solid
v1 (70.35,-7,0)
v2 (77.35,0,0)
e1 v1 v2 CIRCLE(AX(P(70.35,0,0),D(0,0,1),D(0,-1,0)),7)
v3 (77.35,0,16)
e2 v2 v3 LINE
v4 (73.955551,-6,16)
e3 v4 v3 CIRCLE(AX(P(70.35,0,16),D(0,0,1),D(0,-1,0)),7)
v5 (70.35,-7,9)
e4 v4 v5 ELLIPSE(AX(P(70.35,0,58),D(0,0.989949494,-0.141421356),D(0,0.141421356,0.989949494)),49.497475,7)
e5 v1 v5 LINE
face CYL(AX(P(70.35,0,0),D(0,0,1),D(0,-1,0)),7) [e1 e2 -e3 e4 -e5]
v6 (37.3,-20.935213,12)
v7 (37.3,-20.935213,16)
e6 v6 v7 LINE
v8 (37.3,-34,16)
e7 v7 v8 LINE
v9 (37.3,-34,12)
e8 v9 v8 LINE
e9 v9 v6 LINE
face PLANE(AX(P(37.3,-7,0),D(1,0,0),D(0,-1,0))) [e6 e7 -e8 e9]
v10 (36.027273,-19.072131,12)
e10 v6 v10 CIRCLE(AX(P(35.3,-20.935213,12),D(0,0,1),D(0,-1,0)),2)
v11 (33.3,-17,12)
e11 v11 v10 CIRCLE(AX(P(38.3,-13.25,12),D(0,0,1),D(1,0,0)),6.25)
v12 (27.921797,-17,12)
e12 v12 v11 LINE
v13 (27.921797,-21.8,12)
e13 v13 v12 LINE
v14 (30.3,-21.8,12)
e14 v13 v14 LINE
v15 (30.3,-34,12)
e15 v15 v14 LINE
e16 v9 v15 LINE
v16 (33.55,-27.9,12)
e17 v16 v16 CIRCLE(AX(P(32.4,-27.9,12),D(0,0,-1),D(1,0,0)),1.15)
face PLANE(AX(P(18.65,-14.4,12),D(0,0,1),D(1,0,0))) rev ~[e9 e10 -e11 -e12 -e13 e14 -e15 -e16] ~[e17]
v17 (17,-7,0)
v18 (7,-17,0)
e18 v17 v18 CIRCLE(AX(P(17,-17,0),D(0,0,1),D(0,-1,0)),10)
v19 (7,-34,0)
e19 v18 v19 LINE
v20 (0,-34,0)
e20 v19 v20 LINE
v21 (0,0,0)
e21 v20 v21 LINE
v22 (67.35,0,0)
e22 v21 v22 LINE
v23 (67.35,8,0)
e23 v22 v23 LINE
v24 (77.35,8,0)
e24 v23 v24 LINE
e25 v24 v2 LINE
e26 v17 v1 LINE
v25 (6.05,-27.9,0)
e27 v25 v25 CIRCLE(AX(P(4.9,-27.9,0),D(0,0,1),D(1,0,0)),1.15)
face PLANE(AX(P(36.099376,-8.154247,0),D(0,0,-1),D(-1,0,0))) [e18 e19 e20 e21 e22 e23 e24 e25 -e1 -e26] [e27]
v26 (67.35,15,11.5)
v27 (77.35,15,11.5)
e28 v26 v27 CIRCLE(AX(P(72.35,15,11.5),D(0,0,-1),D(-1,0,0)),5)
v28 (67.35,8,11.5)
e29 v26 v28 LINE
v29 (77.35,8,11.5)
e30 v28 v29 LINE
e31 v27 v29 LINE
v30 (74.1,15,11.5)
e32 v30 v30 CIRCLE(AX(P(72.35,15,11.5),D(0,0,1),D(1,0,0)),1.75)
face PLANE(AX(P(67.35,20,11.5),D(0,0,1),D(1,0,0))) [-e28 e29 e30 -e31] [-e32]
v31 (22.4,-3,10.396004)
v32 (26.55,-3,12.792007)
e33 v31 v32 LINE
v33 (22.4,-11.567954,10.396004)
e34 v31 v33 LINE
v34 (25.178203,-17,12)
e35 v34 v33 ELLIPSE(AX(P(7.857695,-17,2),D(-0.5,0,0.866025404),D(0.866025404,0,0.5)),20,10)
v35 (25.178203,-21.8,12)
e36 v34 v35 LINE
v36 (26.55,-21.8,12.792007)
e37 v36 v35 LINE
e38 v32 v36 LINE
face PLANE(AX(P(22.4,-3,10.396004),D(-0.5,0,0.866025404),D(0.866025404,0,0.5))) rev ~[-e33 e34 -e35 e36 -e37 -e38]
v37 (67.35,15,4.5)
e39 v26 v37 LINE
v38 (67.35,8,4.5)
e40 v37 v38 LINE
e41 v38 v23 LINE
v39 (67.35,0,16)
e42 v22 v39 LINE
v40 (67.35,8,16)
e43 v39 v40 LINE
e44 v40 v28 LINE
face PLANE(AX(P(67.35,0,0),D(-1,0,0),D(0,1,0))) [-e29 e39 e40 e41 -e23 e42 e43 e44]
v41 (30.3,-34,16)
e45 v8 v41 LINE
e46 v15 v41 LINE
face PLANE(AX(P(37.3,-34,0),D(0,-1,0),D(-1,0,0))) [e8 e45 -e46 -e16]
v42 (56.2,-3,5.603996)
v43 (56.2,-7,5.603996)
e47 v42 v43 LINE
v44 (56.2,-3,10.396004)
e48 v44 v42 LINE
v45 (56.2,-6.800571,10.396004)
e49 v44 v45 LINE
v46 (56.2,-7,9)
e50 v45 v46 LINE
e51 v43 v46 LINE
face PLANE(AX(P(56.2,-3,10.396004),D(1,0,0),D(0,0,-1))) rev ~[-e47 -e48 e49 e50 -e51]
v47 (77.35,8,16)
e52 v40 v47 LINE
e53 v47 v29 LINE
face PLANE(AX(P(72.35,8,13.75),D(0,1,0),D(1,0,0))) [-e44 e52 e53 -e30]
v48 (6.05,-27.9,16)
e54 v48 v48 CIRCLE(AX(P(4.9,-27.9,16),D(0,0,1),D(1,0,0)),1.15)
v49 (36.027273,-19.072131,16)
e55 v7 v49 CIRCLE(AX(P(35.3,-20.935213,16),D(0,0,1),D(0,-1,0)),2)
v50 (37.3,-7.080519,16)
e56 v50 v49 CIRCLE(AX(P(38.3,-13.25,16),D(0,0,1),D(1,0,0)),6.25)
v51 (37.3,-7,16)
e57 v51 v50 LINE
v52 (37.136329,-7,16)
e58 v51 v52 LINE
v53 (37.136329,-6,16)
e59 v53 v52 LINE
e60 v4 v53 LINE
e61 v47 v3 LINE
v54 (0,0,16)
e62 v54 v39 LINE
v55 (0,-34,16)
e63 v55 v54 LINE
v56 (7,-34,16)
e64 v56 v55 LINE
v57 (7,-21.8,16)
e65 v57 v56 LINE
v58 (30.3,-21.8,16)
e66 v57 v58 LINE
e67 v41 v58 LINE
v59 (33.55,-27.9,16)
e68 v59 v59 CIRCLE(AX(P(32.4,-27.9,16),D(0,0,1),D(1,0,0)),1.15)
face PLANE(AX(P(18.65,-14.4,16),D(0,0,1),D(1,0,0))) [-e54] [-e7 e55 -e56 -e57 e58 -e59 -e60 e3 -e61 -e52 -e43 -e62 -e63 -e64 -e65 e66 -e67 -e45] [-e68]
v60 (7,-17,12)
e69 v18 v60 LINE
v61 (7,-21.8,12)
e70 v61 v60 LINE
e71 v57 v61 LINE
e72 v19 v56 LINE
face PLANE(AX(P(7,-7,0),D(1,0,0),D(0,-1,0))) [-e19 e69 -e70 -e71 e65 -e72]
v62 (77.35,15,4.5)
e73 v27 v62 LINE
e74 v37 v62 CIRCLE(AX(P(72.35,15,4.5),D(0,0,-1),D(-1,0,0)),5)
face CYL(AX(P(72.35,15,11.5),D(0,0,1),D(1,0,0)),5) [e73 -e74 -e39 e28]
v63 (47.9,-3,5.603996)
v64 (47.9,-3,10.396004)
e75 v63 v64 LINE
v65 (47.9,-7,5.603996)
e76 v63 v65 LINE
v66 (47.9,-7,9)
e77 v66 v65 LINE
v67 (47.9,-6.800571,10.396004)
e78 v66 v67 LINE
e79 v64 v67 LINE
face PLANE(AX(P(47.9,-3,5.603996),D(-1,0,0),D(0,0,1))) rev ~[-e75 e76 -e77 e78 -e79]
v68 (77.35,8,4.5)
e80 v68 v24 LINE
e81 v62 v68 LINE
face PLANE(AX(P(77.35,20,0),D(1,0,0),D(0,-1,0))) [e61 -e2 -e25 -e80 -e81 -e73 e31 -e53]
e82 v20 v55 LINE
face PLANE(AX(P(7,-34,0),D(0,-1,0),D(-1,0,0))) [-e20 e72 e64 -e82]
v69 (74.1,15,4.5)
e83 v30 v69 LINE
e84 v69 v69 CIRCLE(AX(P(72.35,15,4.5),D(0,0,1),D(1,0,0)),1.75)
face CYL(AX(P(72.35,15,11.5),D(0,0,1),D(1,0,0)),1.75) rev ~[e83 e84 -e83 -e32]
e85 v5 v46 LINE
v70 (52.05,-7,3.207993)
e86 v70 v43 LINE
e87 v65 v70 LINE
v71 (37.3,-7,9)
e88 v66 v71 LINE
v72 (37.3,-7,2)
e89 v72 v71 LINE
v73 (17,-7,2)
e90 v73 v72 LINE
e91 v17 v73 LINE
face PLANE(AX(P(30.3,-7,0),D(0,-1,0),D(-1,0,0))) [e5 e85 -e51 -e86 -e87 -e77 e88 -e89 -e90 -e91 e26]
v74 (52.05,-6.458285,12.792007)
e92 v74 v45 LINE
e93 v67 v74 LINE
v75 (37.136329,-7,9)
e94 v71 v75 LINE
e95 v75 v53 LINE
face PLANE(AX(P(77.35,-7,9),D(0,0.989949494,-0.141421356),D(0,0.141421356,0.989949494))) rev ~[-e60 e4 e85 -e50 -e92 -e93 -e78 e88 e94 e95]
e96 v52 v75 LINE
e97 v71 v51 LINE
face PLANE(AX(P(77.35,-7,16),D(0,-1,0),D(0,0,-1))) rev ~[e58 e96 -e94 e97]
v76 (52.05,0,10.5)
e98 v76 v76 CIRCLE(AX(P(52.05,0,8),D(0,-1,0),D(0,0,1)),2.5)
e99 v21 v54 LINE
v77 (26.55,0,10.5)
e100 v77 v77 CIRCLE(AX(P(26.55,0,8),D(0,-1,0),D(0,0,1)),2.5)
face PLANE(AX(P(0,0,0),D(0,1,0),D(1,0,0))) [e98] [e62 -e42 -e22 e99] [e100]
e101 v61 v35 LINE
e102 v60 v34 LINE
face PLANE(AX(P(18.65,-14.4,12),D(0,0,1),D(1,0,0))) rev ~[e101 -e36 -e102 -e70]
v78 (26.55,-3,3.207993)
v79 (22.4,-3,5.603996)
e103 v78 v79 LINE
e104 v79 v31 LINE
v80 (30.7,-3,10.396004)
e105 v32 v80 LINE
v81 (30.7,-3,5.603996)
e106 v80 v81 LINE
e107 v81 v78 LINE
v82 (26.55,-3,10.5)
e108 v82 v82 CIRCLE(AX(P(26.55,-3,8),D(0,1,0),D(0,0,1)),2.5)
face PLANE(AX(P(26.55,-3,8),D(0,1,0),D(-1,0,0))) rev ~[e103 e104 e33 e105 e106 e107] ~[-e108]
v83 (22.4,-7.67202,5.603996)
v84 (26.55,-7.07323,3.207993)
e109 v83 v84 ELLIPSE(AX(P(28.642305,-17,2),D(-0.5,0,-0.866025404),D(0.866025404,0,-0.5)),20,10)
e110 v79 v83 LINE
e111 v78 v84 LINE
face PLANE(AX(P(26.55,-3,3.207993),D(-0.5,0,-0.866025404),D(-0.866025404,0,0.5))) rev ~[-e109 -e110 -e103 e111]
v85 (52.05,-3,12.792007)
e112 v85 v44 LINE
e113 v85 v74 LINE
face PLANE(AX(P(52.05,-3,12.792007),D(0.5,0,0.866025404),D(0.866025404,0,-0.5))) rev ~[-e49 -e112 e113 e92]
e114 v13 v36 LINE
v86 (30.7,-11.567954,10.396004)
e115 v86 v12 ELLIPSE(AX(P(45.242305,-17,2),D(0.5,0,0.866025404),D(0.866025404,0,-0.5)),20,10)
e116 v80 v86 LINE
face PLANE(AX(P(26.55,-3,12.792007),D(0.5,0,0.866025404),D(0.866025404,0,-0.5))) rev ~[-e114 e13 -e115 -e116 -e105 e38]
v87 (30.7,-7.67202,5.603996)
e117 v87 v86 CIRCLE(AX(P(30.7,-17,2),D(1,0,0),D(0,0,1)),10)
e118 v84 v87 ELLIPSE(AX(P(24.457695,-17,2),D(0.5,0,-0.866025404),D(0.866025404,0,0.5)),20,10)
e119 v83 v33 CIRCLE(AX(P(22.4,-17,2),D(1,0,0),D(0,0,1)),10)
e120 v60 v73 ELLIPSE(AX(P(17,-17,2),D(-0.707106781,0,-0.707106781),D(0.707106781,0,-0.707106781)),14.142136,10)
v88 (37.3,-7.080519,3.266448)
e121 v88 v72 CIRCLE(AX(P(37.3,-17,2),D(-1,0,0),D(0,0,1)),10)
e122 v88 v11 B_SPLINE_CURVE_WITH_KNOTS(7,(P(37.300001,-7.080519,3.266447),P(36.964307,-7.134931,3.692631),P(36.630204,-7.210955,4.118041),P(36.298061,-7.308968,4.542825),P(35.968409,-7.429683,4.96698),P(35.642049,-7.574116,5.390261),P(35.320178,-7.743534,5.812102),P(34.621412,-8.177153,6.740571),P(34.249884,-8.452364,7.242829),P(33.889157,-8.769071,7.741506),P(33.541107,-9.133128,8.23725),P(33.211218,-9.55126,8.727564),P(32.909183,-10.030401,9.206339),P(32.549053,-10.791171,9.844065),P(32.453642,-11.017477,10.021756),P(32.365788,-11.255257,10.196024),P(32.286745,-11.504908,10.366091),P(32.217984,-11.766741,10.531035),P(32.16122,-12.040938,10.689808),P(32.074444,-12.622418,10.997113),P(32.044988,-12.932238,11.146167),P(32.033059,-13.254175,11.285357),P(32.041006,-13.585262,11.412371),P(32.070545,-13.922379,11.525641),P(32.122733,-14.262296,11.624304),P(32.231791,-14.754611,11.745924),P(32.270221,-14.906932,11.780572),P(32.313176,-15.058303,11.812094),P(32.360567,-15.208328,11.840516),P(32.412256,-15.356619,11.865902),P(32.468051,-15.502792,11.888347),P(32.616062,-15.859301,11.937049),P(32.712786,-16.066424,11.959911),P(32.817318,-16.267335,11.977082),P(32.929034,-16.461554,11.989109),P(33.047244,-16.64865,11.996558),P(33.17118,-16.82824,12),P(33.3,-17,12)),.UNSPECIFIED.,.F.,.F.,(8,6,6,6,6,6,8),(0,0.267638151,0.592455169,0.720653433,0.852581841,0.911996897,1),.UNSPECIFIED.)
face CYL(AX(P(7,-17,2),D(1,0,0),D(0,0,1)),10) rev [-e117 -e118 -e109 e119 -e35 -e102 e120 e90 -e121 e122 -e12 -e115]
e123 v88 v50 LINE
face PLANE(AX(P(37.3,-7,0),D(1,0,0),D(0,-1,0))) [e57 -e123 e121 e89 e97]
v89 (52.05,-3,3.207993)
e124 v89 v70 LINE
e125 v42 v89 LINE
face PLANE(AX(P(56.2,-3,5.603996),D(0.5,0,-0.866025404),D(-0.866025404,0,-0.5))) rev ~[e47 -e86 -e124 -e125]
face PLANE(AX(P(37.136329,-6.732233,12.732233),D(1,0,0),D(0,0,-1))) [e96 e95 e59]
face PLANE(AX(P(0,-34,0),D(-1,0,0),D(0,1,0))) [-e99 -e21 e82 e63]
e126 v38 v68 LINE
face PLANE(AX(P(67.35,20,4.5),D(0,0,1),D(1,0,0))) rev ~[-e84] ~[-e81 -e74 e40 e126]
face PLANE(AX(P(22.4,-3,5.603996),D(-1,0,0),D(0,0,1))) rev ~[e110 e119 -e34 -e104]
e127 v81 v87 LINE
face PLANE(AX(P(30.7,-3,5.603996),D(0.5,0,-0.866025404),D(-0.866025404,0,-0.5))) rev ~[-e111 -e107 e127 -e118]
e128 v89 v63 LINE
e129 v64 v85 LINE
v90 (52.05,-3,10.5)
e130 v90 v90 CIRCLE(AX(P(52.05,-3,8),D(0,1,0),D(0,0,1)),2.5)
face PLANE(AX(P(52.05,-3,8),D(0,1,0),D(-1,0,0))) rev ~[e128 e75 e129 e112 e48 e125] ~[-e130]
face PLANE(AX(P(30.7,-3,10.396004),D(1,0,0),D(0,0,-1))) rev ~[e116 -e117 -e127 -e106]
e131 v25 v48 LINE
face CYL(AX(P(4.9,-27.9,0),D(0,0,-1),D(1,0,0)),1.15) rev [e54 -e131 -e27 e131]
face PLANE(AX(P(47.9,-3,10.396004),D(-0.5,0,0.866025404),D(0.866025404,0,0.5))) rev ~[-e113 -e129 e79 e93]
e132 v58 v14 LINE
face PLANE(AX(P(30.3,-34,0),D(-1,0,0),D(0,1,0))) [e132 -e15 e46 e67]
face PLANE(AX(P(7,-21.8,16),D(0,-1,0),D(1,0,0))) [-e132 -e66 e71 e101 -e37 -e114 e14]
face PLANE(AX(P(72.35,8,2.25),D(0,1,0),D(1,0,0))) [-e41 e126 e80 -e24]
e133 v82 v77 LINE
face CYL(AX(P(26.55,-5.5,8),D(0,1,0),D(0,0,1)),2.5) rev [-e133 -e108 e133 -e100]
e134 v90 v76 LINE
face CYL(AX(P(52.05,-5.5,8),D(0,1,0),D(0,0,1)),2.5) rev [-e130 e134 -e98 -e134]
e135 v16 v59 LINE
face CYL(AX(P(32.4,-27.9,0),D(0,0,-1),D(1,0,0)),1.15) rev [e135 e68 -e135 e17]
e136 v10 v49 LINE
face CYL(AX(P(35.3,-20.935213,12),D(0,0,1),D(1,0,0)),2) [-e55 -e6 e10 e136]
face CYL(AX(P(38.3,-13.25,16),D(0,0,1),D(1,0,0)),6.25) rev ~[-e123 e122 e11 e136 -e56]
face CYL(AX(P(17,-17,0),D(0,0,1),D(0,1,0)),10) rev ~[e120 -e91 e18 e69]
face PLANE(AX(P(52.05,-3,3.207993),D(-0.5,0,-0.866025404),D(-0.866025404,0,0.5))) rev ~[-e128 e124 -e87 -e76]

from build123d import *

# Parameters (mm, degrees)
ESQUISSE1_R                = 1.15
BOSS_EXTRU_1_DEPTH         = 16
ESQUISSE5_W                = 10
ESQUISSE5_H                = 4.5
ENL_V_MAT_EXTRU_3_DEPTH    = 12
ESQUISSE6_R                = 1.75
ENL_V_MAT_EXTRU_4_DEPTH    = 86.271756755
ESQUISSE12_W               = 7
ESQUISSE12_H               = 12
ENL_V_MAT_EXTRU_7_DEPTH    = 27
ESQUISSE14_W               = 23.3
ESQUISSE14_H               = 14.8
BOSS_EXTRU_2_DEPTH         = 4
CONG_1_R                   = 10
ESQUISSE15_R               = 6.25
ENL_V_MAT_EXTRU_8_DEPTH    = 18
CONG_2_R                   = 2
CONG_3_R                   = 7
R_P_TITION_LIN_AIRE1_COUNT = 2
R_P_TITION_LIN_AIRE1_PITCH = 25.5
ENL_V_MAT_EXTRU_9_DEPTH    = 40.213671452
ENL_V_START                = -4
ENL_V_MAT_EXTRU_10_DEPTH   = 88.47468181
R_P_TITION_LIN_AIRE2_COUNT = 2
R_P_TITION_LIN_AIRE2_PITCH = 25.5


with BuildPart() as part:
    # Esquisse1 → Boss.-Extru.1 (new body)
    with BuildSketch(Plane.XY):
        Polygon((0, 0), (67.35, 0), (67.35, 20), (77.35, 20), (77.35, -7), (37.3, -7), (37.3, -34), (30.3, -34), (30.3, -7), (7, -7), (7, -34), (0, -34), align=None)
        with Locations((4.9, -27.9)):
            Circle(ESQUISSE1_R, mode=Mode.SUBTRACT)
        with Locations((32.4, -27.9)):
            Circle(ESQUISSE1_R, mode=Mode.SUBTRACT)
    extrude(amount=BOSS_EXTRU_1_DEPTH)

    # Esquisse5 → Enlèv. mat.-Extru.3 (cut)
    with BuildSketch(Plane(origin=(0, 20, 0), x_dir=(1, 0, 0), z_dir=(0, 1, 0))):
        with Locations((72.35, -2.25)):
            Rectangle(ESQUISSE5_W, ESQUISSE5_H)
        with Locations((72.35, -13.75)):
            Rectangle(ESQUISSE5_W, ESQUISSE5_H)
    extrude(amount=-ENL_V_MAT_EXTRU_3_DEPTH, mode=Mode.SUBTRACT)

    # Esquisse6 → Enlèv. mat.-Extru.4 (cut, through all)
    with BuildSketch(Plane.XY.offset(11.5)):
        with Locations((72.35, 15)):
            Circle(ESQUISSE6_R)
        with BuildLine():
            Line((67.35, 15), (65.349467458, 15))
            Line((65.349467458, 15), (65.349467458, 22.000532542))
            Line((65.349467458, 22.000532542), (79.350532542, 22.000532542))
            Line((79.350532542, 22.000532542), (79.350532542, 15))
            Line((79.350532542, 15), (77.35, 15))
            ThreePointArc((77.35, 15), (72.35, 20), (67.35, 15))
        make_face()
    extrude(amount=-ENL_V_MAT_EXTRU_4_DEPTH, mode=Mode.SUBTRACT)

    # Esquisse12 → Enlèv. mat.-Extru.7 (cut)
    with BuildSketch(Plane(origin=(0, -34, 0), x_dir=(-1, 0, 0), z_dir=(0, -1, 0))):
        with Locations((-33.8, -6)):
            Rectangle(ESQUISSE12_W, ESQUISSE12_H)
    extrude(amount=-ENL_V_MAT_EXTRU_7_DEPTH, mode=Mode.SUBTRACT)

    # Esquisse14 → Boss.-Extru.2 (add)
    with BuildSketch(Plane.XY.offset(16)):
        with Locations((18.65, -14.4)):
            Rectangle(ESQUISSE14_W, ESQUISSE14_H)
    extrude(amount=-BOSS_EXTRU_2_DEPTH)

    # Congé1
    cong_1_edges = [part.edges().sort_by_distance(p)[0] for p in [
        (22.15, -7, 12),
        (7, -7, 6),
    ]]
    fillet(cong_1_edges, radius=CONG_1_R)

    # Esquisse15 → Enlèv. mat.-Extru.8 (cut)
    with BuildSketch(Plane.XY.offset(16)):
        with Locations((38.3, -13.25)):
            Circle(ESQUISSE15_R)
    extrude(amount=-ENL_V_MAT_EXTRU_8_DEPTH, mode=Mode.SUBTRACT)

    # Congé2
    cong_2_edges = [part.edges().sort_by_distance(p)[0] for p in [
        (37.3, -19.41948134, 14),
    ]]
    fillet(cong_2_edges, radius=CONG_2_R)

    # Congé3
    cong_3_edges = [part.edges().sort_by_distance(p)[0] for p in [
        (77.35, -7, 8),
    ]]
    fillet(cong_3_edges, radius=CONG_3_R)

    # Esquisse16 → Enlèvement de matière-Révolution1 (revolve, cut)
    with BuildSketch(Plane(origin=(0, 0, 8), x_dir=(-1, 0, 0), z_dir=(0, 0, -1)), mode=Mode.PRIVATE) as enl_vement_de_mati_re_r_volution1_sk:
        Polygon((-52.05, 0), (-52.05, -7), (-52.05, -57), (-48.05, -57), (-48.05, -7), (-49.55, -5.5), (-49.55, 0), align=None)
    enl_vement_de_mati_re_r_volution1 = revolve(enl_vement_de_mati_re_r_volution1_sk.sketch.rotate(Axis((52.05, 0, 8), (0, -1, 0)), 270), axis=Axis((52.05, 0, 8), (0, -1, 0)), mode=Mode.SUBTRACT)

    # Répétition linéaire1: Enlèvement de matière-Révolution1 ×2
    with Locations(*[(-i * R_P_TITION_LIN_AIRE1_PITCH, 0, 0) for i in range(1, R_P_TITION_LIN_AIRE1_COUNT)]):
        add(enl_vement_de_mati_re_r_volution1, mode=Mode.SUBTRACT)

    # Esquisse17 → Enlèv. mat.-Extru.9 (cut)
    with BuildSketch(Plane(origin=(77.35, 0, 0), x_dir=(0, 0, -1), z_dir=(1, 0, 0))):
        Polygon((-9, -7), (-16, -6), (-16, -7), align=None)
    extrude(amount=-ENL_V_MAT_EXTRU_9_DEPTH, mode=Mode.SUBTRACT)

    # Esquisse18 → Enlèv. mat.-Extru.10 (cut)
    with BuildSketch(Plane.XZ.offset(7).offset(ENL_V_START)):
        Polygon((56.2, 10.396003617), (56.2, 5.603996383), (52.05, 3.207992766), (47.9, 5.603996383), (47.9, 10.396003617), (52.05, 12.792007234), align=None)
    enl_v_mat_extru_10 = extrude(amount=ENL_V_MAT_EXTRU_10_DEPTH, mode=Mode.SUBTRACT)

    # Répétition linéaire2: Enlèv. mat.-Extru.10 ×2
    with Locations(*[(-i * R_P_TITION_LIN_AIRE2_PITCH, 0, 0) for i in range(1, R_P_TITION_LIN_AIRE2_COUNT)]):
        add(enl_v_mat_extru_10, mode=Mode.SUBTRACT)


solid = part.part
